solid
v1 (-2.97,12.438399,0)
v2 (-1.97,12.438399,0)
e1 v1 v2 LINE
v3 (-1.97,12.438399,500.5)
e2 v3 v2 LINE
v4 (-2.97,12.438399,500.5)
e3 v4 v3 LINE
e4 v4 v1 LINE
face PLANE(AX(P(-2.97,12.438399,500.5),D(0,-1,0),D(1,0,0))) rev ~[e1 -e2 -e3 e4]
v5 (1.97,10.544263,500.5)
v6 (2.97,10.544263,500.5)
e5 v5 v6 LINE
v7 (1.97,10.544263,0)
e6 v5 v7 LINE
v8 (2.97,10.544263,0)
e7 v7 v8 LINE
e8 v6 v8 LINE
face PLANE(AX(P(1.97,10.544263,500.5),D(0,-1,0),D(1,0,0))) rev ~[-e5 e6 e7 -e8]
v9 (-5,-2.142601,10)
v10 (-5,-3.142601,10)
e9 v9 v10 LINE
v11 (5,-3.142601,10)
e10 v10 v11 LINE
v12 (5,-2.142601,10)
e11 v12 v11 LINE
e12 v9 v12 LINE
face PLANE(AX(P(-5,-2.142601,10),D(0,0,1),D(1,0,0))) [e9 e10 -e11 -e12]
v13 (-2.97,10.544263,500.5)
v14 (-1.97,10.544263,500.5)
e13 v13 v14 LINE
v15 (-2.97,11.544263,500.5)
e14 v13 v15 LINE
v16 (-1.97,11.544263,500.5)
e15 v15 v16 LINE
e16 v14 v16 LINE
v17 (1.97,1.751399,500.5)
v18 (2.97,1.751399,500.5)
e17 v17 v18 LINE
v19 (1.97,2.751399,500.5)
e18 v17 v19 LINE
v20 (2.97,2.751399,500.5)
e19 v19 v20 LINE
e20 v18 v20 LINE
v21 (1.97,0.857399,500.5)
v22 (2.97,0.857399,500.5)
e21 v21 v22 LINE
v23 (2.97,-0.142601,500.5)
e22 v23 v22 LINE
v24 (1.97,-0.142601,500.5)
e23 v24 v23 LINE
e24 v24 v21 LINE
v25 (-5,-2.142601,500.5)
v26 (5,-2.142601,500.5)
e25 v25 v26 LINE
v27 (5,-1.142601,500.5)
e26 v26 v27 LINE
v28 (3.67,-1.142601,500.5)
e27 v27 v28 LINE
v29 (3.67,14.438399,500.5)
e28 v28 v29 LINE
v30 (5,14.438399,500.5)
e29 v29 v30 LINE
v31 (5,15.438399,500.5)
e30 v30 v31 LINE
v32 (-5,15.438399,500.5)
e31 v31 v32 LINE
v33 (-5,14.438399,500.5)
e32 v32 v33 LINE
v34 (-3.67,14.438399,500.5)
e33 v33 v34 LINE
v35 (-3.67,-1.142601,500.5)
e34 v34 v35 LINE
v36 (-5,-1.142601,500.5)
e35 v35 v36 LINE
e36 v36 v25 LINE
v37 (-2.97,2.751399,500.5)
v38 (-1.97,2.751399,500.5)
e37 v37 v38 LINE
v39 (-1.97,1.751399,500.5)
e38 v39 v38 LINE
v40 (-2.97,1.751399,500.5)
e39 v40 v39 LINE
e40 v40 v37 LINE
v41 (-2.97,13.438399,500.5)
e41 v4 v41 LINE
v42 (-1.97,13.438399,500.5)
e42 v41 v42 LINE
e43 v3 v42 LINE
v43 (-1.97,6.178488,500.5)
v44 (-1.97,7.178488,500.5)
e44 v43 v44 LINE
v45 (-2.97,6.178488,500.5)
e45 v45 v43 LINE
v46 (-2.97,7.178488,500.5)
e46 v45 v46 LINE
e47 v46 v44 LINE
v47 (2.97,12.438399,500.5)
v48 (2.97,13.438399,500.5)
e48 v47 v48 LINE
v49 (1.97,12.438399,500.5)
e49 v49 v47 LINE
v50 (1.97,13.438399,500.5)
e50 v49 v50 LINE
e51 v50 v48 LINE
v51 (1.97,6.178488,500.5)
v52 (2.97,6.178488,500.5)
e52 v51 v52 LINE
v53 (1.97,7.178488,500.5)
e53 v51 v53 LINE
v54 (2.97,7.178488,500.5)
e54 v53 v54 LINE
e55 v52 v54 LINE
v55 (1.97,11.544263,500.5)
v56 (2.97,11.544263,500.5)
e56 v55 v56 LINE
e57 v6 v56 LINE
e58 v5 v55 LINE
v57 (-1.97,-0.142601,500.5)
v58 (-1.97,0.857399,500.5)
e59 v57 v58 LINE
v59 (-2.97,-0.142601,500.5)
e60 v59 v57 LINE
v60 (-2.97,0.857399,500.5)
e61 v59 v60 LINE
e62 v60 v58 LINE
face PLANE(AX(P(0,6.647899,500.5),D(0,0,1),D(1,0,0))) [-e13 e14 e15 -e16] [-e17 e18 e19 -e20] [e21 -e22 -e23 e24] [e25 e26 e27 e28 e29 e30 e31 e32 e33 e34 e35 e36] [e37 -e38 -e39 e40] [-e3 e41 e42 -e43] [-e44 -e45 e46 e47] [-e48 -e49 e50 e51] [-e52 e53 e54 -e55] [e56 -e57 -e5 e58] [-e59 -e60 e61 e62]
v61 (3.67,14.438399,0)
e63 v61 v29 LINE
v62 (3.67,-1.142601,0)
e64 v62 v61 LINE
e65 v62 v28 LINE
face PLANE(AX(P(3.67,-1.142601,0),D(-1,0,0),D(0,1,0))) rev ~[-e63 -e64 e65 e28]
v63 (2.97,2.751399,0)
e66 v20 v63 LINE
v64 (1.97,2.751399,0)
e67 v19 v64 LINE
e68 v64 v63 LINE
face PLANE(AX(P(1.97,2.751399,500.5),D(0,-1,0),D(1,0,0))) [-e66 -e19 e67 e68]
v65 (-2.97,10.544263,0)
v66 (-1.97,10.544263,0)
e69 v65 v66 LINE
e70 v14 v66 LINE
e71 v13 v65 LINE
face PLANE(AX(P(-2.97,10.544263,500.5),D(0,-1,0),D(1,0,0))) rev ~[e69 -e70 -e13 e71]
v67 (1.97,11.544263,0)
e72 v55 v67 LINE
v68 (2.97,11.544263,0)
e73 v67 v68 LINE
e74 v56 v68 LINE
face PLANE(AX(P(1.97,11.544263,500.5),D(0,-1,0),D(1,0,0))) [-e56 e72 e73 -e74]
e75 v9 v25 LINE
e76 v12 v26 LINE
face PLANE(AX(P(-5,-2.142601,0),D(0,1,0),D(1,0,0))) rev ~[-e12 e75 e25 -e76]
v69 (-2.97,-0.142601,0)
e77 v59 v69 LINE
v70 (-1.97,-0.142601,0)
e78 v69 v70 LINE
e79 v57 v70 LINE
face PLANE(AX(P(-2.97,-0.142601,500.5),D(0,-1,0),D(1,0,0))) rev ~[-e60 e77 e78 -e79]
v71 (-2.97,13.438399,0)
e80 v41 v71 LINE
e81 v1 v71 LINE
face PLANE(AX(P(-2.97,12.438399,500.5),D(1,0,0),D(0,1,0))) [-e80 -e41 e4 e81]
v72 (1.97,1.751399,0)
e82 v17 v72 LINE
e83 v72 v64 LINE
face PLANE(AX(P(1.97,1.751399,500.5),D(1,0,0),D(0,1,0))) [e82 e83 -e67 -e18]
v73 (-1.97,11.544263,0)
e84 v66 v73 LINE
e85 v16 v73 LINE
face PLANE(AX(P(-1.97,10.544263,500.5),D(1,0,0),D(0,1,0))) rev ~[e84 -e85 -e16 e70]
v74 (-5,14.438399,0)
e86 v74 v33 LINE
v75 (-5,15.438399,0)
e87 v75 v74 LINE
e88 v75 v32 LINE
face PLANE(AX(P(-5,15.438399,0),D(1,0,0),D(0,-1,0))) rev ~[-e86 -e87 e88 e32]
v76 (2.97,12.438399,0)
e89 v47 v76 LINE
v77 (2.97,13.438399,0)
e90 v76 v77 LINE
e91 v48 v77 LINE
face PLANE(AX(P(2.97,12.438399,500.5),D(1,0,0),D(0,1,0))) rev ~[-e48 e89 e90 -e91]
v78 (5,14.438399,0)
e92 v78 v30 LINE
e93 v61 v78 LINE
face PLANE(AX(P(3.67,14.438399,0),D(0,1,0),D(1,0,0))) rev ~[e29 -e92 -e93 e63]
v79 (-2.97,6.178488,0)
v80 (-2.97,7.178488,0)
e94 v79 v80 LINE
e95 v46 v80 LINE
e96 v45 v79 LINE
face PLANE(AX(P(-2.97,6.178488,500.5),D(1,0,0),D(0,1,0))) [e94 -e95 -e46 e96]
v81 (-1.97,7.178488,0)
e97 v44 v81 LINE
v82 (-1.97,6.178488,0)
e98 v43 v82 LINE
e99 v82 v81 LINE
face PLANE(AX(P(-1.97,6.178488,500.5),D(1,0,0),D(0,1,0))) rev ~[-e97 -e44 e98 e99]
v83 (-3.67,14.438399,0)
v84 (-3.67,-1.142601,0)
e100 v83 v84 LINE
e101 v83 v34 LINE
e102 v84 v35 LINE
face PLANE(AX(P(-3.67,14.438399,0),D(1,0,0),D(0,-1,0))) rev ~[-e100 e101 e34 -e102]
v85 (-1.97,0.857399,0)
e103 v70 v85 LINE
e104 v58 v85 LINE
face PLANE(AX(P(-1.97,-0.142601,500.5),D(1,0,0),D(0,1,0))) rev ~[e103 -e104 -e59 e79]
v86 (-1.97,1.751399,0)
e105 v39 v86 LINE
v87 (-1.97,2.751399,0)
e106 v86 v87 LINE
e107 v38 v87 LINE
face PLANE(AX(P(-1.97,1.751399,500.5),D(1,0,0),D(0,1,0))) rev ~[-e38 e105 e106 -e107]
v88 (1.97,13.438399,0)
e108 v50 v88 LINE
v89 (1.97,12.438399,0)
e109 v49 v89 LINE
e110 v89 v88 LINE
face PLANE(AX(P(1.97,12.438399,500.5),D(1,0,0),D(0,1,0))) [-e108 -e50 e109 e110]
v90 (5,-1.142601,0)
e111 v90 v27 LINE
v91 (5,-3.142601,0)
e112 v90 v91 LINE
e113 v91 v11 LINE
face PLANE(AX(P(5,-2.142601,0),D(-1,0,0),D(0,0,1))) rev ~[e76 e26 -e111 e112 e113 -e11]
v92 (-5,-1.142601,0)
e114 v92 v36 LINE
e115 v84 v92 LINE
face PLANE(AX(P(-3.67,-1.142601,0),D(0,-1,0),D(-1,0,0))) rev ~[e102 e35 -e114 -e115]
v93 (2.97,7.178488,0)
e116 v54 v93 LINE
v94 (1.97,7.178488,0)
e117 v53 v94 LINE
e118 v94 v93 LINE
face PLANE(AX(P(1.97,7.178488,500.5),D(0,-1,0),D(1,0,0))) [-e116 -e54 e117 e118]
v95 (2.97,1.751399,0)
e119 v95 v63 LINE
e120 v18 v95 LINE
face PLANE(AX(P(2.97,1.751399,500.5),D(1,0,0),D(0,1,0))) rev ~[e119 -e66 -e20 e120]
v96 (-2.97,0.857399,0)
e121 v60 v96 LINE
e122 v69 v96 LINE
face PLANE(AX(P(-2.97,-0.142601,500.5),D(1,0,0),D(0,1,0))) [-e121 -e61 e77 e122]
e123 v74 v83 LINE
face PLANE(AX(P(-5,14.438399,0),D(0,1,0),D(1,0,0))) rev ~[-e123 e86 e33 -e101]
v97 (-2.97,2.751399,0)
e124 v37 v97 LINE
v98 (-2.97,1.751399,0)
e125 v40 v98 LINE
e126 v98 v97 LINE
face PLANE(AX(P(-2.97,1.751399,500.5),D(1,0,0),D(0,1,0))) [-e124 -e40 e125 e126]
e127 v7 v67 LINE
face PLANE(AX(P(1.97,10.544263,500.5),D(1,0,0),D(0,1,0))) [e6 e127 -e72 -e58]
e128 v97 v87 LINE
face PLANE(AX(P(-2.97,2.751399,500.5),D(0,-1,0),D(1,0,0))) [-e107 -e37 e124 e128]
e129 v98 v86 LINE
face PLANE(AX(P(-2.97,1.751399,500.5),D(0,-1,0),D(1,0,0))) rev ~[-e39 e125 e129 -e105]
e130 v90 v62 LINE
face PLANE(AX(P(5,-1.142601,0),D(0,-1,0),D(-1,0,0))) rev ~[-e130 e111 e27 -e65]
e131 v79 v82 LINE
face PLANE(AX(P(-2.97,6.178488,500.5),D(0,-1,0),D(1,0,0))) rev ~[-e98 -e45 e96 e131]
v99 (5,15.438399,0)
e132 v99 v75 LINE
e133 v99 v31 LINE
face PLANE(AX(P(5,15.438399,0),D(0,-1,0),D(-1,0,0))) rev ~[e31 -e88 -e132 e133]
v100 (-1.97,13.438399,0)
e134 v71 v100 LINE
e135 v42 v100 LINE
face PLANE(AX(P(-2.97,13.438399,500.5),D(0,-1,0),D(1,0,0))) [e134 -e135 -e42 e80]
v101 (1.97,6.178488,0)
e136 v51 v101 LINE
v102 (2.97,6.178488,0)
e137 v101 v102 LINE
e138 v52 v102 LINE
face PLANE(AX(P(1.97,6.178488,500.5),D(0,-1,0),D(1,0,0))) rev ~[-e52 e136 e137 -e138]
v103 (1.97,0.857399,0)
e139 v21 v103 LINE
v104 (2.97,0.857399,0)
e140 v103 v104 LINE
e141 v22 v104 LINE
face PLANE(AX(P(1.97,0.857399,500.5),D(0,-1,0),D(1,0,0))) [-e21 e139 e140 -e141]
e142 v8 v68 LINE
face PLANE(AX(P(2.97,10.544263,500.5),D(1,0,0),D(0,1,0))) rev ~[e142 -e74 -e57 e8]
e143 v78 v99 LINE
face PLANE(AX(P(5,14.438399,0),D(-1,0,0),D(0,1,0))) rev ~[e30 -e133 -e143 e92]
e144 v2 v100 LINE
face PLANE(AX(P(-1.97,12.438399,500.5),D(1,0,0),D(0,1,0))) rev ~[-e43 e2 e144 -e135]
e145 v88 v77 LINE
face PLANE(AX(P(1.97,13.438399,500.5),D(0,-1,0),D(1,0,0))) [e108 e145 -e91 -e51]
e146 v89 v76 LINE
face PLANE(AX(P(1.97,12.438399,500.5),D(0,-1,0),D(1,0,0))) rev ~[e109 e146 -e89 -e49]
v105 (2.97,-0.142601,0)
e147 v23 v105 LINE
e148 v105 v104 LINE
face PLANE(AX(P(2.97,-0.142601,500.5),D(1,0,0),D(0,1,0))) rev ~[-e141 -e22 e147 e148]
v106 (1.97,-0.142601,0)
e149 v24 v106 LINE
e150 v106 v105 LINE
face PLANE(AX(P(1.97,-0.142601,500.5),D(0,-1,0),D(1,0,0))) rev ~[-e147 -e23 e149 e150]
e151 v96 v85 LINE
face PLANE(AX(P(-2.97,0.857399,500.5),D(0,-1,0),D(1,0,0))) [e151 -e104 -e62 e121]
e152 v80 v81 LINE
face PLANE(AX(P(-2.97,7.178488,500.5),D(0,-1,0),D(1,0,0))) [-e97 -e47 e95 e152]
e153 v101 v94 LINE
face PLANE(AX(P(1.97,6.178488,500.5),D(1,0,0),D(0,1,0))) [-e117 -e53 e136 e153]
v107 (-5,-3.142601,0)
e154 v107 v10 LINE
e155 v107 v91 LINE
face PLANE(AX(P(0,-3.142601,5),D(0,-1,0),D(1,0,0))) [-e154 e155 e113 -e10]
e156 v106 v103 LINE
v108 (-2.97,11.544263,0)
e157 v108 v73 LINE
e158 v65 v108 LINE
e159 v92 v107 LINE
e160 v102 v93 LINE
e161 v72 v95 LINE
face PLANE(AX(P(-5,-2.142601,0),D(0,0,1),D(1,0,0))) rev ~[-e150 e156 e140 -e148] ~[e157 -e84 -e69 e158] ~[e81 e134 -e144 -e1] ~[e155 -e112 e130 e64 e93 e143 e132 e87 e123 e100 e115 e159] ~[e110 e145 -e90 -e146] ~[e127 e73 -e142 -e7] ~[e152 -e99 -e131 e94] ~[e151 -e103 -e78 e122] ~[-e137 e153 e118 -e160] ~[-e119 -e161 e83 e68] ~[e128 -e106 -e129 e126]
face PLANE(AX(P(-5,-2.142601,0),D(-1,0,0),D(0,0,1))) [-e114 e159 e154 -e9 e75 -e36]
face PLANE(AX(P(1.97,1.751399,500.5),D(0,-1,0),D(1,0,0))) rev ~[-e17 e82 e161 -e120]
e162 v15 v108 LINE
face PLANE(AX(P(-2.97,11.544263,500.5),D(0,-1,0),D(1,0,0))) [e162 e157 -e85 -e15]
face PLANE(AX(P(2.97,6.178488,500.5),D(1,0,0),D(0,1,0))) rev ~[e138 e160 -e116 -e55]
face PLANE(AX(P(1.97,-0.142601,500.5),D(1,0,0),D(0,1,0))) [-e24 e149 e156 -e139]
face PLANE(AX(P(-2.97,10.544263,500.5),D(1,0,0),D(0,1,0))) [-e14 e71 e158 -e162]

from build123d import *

# Parameters (mm, degrees)
F1_DEPTH = 500.5
F2_W     = 10
F2_H     = 10
F3_DEPTH = 1
F4_W     = 1
F4_H     = 1
F5_DEPTH = 505.5


with BuildPart() as f1:
    # F0 (on Top) → F1 (new body)
    with BuildSketch(Plane.XY):
        Polygon((5, 15.438399), (-5, 15.438399), (-5, 14.438399), (-3.67, 14.438399), (-3.67, -1.142601), (-5, -1.142601), (-5, -2.142601), (5, -2.142601), (5, -1.142601), (3.67, -1.142601), (3.67, 14.438399), (5, 14.438399), align=None)
    extrude(amount=F1_DEPTH)

    # F2 (on face) → F3 (join)
    with BuildSketch(Plane.XZ.offset(2.142601)):
        with Locations((0, 5)):
            Rectangle(F2_W, F2_H)
    extrude(amount=F3_DEPTH)

    # F4 (on face) → F5 (cut)
    with BuildSketch(Plane.XY.offset(500.5)):
        with Locations((-2.47, 12.938399)):
            Rectangle(F4_W, F4_H)
        with Locations((-2.47, 0.357399)):
            Rectangle(F4_W, F4_H)
        with Locations((2.47, 12.938399)):
            Rectangle(F4_W, F4_H)
        with Locations((2.47, 0.357399)):
            Rectangle(F4_W, F4_H)
        with Locations((-2.47, 6.678488)):
            Rectangle(F4_W, F4_H)
        with Locations((2.47, 6.678488)):
            Rectangle(F4_W, F4_H)
        with Locations((-2.47, 11.044263)):
            Rectangle(F4_W, F4_H)
        with Locations((2.47, 11.044263)):
            Rectangle(F4_W, F4_H)
        with Locations((-2.47, 2.251399)):
            Rectangle(F4_W, F4_H)
        with Locations((2.47, 2.251399)):
            Rectangle(F4_W, F4_H)
    extrude(amount=-F5_DEPTH, mode=Mode.SUBTRACT)


solid = f1.part
